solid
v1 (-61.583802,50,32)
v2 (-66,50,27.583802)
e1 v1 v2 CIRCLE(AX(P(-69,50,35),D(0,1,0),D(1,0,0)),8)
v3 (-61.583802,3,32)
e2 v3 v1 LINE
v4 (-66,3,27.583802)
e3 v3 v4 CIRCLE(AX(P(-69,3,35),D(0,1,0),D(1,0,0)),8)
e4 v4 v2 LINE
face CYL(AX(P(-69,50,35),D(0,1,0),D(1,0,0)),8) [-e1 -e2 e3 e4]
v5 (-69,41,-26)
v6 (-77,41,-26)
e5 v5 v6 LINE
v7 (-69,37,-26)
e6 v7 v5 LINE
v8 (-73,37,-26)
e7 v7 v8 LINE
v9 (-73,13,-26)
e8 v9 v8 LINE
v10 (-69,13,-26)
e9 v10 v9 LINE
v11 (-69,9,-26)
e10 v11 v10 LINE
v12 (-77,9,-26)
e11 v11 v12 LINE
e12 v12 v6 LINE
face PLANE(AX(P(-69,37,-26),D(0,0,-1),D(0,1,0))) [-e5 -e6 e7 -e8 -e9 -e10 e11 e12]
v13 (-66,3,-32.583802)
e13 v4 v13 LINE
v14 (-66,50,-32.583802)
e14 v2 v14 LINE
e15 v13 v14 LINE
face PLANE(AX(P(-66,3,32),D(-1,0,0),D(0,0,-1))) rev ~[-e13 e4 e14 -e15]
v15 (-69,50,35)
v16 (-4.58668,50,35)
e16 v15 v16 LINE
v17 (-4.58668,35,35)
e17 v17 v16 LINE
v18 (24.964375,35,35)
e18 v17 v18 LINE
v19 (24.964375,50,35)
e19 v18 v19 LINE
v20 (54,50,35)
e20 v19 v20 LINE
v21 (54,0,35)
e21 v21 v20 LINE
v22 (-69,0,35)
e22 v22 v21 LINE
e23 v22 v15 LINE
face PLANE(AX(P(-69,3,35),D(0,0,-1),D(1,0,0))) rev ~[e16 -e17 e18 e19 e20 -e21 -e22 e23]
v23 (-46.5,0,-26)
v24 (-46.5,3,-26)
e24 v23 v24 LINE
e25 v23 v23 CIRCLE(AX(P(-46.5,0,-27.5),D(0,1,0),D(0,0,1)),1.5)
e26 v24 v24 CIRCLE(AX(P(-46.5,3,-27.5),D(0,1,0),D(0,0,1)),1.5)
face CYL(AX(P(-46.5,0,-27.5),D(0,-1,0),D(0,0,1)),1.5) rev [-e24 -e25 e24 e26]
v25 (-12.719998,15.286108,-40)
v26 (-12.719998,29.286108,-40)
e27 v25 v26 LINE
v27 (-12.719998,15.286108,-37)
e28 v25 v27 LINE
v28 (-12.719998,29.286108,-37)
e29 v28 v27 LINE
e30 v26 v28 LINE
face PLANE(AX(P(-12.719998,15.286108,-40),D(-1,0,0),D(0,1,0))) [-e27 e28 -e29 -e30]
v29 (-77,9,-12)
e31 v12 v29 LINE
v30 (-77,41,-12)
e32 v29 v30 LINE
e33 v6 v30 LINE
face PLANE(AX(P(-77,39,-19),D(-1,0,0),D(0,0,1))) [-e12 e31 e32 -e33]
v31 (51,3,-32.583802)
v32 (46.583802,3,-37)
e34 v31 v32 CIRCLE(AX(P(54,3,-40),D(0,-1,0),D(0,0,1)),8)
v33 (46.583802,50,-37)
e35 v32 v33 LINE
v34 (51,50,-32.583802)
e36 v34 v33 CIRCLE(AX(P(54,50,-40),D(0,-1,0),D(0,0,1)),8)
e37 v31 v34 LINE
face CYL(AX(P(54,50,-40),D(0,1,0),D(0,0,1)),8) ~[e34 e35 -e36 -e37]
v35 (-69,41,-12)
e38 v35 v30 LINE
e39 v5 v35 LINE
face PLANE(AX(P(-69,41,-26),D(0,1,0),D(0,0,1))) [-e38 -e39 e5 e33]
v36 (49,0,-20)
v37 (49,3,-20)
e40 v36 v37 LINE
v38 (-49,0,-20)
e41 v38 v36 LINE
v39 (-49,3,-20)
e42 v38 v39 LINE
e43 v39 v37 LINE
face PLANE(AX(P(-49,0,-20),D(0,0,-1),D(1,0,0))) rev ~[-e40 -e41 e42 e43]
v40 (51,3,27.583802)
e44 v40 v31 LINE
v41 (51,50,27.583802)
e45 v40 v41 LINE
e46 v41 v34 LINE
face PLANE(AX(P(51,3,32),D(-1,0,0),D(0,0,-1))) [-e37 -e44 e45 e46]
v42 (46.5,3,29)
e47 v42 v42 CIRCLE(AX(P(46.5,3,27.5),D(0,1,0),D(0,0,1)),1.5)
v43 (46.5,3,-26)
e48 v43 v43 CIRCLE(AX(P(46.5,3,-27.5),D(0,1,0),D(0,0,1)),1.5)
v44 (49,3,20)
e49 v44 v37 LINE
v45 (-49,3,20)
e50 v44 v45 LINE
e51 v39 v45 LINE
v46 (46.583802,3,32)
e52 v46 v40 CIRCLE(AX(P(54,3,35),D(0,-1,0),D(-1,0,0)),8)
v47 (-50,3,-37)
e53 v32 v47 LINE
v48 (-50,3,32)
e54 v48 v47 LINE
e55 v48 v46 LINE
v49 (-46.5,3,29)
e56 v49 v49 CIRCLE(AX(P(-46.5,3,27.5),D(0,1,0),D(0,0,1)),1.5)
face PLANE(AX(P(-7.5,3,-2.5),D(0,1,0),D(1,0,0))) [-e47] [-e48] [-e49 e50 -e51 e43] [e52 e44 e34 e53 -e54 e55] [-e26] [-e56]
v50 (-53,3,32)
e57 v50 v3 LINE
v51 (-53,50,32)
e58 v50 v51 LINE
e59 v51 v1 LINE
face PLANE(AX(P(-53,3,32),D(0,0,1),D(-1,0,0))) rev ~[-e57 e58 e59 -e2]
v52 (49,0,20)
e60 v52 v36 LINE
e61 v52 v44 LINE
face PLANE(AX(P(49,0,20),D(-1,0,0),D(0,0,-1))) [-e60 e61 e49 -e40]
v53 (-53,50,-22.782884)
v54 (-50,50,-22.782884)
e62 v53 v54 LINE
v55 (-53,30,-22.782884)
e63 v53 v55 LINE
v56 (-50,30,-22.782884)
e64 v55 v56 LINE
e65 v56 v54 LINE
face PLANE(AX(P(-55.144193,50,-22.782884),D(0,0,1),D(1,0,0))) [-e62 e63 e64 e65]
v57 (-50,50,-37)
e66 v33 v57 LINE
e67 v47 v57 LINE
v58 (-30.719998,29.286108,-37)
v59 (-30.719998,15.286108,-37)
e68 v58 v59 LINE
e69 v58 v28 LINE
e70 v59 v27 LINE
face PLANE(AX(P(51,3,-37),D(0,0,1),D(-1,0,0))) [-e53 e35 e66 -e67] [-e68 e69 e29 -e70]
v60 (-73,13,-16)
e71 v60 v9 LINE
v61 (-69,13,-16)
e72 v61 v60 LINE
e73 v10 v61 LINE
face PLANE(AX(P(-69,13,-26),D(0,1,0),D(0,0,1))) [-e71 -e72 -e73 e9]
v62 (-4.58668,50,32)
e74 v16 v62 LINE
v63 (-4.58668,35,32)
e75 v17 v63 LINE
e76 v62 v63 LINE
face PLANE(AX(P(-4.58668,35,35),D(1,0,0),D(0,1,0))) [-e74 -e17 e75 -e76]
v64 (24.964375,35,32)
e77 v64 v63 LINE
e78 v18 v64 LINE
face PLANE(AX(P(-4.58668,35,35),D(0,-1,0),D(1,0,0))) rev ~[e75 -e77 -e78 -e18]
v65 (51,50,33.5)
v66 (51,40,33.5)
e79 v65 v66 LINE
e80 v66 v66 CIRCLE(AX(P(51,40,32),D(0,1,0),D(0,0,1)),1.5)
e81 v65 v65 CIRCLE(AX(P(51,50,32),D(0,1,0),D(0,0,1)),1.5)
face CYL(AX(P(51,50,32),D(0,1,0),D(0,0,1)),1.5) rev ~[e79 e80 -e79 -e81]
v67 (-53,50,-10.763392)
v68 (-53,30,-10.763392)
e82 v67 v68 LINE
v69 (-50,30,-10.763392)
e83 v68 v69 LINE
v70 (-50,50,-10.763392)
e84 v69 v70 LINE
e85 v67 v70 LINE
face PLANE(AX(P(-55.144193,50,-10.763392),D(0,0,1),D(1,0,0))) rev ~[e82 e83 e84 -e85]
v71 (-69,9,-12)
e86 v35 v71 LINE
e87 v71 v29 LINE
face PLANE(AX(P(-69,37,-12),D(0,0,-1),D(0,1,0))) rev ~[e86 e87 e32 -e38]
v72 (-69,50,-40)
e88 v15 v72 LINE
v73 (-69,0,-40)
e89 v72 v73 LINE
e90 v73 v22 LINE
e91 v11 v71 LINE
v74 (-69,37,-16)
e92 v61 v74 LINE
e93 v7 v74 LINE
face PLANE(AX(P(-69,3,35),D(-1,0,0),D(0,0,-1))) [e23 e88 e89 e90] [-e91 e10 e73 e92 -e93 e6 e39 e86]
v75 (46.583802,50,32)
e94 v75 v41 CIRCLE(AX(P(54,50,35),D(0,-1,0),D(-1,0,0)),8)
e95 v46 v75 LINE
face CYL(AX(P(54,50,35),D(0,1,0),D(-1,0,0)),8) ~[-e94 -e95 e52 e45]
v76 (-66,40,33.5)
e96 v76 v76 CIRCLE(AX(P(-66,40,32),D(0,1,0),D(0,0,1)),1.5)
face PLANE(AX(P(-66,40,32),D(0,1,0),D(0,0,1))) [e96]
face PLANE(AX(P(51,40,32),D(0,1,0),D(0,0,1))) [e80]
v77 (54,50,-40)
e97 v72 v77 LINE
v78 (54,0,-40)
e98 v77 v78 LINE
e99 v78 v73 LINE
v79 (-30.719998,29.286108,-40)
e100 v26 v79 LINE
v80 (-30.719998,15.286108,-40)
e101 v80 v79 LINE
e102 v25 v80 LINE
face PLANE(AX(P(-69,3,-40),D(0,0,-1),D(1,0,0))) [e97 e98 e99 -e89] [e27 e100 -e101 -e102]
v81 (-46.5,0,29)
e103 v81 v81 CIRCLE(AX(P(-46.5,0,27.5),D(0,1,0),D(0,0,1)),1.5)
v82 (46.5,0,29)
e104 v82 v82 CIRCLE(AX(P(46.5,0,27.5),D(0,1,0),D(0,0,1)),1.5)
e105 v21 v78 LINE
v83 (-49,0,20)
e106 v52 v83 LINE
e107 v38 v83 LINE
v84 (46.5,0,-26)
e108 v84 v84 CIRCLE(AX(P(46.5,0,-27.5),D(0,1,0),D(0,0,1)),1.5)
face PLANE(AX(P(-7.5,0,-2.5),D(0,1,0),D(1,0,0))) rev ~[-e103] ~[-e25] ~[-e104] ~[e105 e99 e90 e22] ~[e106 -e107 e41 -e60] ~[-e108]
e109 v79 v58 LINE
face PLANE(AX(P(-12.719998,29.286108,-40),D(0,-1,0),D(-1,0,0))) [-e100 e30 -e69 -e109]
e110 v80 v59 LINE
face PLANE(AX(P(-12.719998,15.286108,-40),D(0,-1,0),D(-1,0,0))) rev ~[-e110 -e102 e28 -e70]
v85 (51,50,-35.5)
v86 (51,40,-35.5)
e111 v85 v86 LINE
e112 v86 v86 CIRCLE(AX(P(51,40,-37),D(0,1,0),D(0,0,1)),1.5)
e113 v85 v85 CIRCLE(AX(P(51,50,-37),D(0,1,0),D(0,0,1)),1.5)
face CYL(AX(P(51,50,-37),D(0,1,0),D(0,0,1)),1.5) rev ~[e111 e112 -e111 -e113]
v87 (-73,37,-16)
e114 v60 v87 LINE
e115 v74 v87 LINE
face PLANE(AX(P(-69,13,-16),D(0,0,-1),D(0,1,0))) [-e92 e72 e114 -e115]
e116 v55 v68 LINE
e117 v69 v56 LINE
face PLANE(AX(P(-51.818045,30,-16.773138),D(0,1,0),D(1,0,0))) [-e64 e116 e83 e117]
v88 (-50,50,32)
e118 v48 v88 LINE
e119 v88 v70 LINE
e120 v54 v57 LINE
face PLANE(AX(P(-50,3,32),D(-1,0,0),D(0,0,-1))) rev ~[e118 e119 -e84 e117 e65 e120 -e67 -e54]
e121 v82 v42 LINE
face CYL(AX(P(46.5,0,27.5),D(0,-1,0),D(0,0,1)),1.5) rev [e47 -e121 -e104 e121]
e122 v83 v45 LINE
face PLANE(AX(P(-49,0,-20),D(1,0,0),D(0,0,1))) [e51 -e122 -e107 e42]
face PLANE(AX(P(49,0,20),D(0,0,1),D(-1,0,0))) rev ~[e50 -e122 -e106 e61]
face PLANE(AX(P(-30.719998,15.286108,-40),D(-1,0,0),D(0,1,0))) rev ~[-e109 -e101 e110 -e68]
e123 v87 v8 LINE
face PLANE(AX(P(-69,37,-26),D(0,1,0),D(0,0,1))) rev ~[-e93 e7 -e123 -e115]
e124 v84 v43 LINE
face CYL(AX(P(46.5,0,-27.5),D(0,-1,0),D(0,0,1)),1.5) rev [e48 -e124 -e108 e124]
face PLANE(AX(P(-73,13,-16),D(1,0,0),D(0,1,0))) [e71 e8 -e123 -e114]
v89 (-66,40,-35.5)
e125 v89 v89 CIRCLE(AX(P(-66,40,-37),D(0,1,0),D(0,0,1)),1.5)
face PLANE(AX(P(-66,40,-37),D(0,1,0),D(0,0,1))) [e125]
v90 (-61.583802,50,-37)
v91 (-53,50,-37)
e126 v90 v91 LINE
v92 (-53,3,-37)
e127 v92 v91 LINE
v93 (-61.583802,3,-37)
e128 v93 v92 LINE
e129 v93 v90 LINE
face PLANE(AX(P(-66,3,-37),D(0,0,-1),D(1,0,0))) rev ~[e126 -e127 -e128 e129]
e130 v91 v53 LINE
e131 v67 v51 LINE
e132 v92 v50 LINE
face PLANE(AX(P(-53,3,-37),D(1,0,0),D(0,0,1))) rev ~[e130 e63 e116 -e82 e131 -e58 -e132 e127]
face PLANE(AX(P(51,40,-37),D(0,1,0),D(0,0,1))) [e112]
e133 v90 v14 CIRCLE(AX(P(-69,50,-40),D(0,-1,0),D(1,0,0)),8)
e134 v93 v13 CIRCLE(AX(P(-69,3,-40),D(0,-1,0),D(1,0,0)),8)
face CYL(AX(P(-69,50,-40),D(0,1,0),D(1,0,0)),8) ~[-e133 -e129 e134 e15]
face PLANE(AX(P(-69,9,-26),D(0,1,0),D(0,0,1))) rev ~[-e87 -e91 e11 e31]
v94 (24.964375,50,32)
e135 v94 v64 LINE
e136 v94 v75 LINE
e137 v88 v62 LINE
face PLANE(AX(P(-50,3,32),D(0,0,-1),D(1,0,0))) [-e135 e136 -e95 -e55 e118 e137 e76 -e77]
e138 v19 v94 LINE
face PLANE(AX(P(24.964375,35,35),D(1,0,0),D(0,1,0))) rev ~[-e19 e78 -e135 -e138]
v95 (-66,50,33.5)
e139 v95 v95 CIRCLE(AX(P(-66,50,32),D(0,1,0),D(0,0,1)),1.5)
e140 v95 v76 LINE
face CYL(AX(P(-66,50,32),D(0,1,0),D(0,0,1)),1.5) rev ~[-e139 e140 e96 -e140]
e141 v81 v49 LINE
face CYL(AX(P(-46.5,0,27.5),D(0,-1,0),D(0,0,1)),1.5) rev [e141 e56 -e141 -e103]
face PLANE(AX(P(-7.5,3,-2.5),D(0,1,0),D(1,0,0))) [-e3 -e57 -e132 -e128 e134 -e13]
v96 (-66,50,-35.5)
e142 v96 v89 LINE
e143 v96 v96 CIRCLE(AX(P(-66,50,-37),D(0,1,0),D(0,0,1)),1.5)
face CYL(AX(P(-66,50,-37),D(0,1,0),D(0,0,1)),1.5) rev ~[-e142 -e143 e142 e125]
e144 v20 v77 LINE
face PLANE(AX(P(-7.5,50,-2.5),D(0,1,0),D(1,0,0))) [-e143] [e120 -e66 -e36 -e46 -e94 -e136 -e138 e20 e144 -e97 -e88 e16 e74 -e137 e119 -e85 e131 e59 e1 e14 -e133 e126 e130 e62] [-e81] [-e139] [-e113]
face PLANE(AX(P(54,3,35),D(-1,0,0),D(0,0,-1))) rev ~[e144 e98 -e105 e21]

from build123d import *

# Parameters (mm, degrees)
SKETCH_1_R          = 1.5
EXTRUDE_1_DEPTH     = 3
SKETCH_2_W          = 123
SKETCH_2_H          = 75
EXTRUDE_2_DEPTH     = 47
SKETCH_3_W          = 6.652297382
SKETCH_3_H          = 12.01949186
CUT_EXTRUDE_1_DEPTH = 20
EXTRUDE_3_DEPTH     = 47
SKETCH_5_R          = 1.5
CUT_EXTRUDE_2_DEPTH = 10
SKETCH_7_W          = 4
SKETCH_7_H          = 24
EXTRUDE_4_DEPTH     = 8
SKETCH_8_W          = 4
SKETCH_8_H          = 24
EXTRUDE_5_DEPTH     = 10
SKETCH_9_W          = 14
SKETCH_9_H          = 4
EXTRUDE_6_DEPTH     = 8
SKETCH_10_W         = 29.551054495
SKETCH_10_H         = 15
CUT_EXTRUDE_3_DEPTH = 10
SKETCH_11_W         = 18
SKETCH_11_H         = 14
CUT_EXTRUDE_4_DEPTH = 10


with BuildPart() as part:
    # Эскиз1 → Бобышка-Вытянуть1 (new body)
    with BuildSketch(Plane(origin=(0, 0, 0), x_dir=(1, 0, 0), z_dir=(0, 1, 0))):
        Polygon((54, -3.949274275), (54, 40), (-69, 40), (-69, -35), (54, -35), align=None)
        with Locations(Location((-46.5, 27.5, 0), (0, 0, 270))):
            Circle(SKETCH_1_R, mode=Mode.SUBTRACT)
        with Locations(Location((-46.5, -27.5, 0), (0, 0, 270))):
            Circle(SKETCH_1_R, mode=Mode.SUBTRACT)
        with Locations(Location((46.5, 27.5, 0), (0, 0, 270))):
            Circle(SKETCH_1_R, mode=Mode.SUBTRACT)
        with Locations(Location((46.5, -27.5, 0), (0, 0, 270))):
            Circle(SKETCH_1_R, mode=Mode.SUBTRACT)
        Polygon((-49, 20), (-49, -20), (0, -20), (49, -20), (49, 20), (0, 20), align=None, mode=Mode.SUBTRACT)
    extrude(amount=EXTRUDE_1_DEPTH)

    # Эскиз2 → Бобышка-Вытянуть2 (add)
    with BuildSketch(Plane(origin=(0, 3, 0), x_dir=(1, 0, 0), z_dir=(0, 1, 0))):
        with Locations((-7.5, 2.5)):
            Rectangle(SKETCH_2_W, SKETCH_2_H)
        Polygon((-50, -32), (51, -32), (51, 37), (-50, 37), (-50, 0), align=None, mode=Mode.SUBTRACT)
        Polygon((-66, 37), (-53, 37), (-53, 0), (-53, -32), (-66, -32), align=None, mode=Mode.SUBTRACT)
    extrude(amount=EXTRUDE_2_DEPTH)

    # Эскиз3 → Вырез-Вытянуть1 (cut)
    with BuildSketch(Plane(origin=(0, 50, 0), x_dir=(1, 0, 0), z_dir=(0, 1, 0))):
        with Locations((-51.818044752, 16.773138265)):
            Rectangle(SKETCH_3_W, SKETCH_3_H)
    extrude(amount=-CUT_EXTRUDE_1_DEPTH, mode=Mode.SUBTRACT)

    # Эскиз4 → Бобышка-Вытянуть3 (add)
    with BuildSketch(Plane(origin=(0, 50, 0), x_dir=(1, 0, 0), z_dir=(0, 1, 0))):
        with BuildLine():
            Line((-69, 32), (-69, 40))
            Line((-69, 40), (-61, 40))
            ThreePointArc((-61, 40), (-63.343145751, 34.343145751), (-69, 32))
        make_face()
        with BuildLine():
            Line((46, 40), (54, 40))
            Line((54, 40), (54, 32))
            ThreePointArc((54, 32), (48.343145751, 34.343145751), (46, 40))
        make_face()
        with BuildLine():
            Line((-69, -27), (-69, -35))
            Line((-69, -35), (-61, -35))
            ThreePointArc((-61, -35), (-63.343145751, -29.343145751), (-69, -27))
        make_face()
        with BuildLine():
            Line((54, -27), (54, -35))
            Line((54, -35), (46, -35))
            ThreePointArc((46, -35), (48.343145751, -29.343145751), (54, -27))
        make_face()
    extrude(amount=-EXTRUDE_3_DEPTH)

    # Эскиз5 → Вырез-Вытянуть2 (cut)
    with BuildSketch(Plane(origin=(0, 50, 0), x_dir=(1, 0, 0), z_dir=(0, 1, 0))):
        with Locations(Location((-66, 37, 0), (0, 0, 270))):
            Circle(SKETCH_5_R)
        with Locations(Location((-66, -32, 0), (0, 0, 270))):
            Circle(SKETCH_5_R)
        with Locations(Location((51, -32, 0), (0, 0, 270))):
            Circle(SKETCH_5_R)
        with Locations(Location((51, 37, 0), (0, 0, 270))):
            Circle(SKETCH_5_R)
    extrude(amount=-CUT_EXTRUDE_2_DEPTH, mode=Mode.SUBTRACT)

    # Эскиз7 → Бобышка-Вытянуть4 (add)
    with BuildSketch(Plane.ZY.offset(69)):
        with Locations((-14, 25)):
            Rectangle(SKETCH_7_W, SKETCH_7_H)
    extrude(amount=EXTRUDE_4_DEPTH)

    # Эскиз8 → Бобышка-Вытянуть5 (add)
    with BuildSketch(Plane(origin=(0, 0, -16), x_dir=(-1, 0, 0), z_dir=(0, 0, -1))):
        with Locations((75, 25)):
            Rectangle(SKETCH_8_W, SKETCH_8_H)
    extrude(amount=EXTRUDE_5_DEPTH)

    # Эскиз9 → Бобышка-Вытянуть6 (add)
    with BuildSketch(Plane.ZY.offset(69)):
        with Locations((-19, 39)):
            Rectangle(SKETCH_9_W, SKETCH_9_H)
        with Locations((-19, 11)):
            Rectangle(SKETCH_9_W, SKETCH_9_H)
    extrude(amount=EXTRUDE_6_DEPTH)

    # Эскиз10 → Вырез-Вытянуть3 (cut)
    with BuildSketch(Plane.XY.offset(35)):
        with Locations((10.188847336, 42.5)):
            Rectangle(SKETCH_10_W, SKETCH_10_H)
    extrude(amount=-CUT_EXTRUDE_3_DEPTH, mode=Mode.SUBTRACT)

    # Эскиз11 → Вырез-Вытянуть4 (cut)
    with BuildSketch(Plane(origin=(0, 0, -40), x_dir=(-1, 0, 0), z_dir=(0, 0, -1))):
        with Locations((21.719997663, 22.286107602)):
            Rectangle(SKETCH_11_W, SKETCH_11_H)
    extrude(amount=-CUT_EXTRUDE_4_DEPTH, mode=Mode.SUBTRACT)


solid = part.part
